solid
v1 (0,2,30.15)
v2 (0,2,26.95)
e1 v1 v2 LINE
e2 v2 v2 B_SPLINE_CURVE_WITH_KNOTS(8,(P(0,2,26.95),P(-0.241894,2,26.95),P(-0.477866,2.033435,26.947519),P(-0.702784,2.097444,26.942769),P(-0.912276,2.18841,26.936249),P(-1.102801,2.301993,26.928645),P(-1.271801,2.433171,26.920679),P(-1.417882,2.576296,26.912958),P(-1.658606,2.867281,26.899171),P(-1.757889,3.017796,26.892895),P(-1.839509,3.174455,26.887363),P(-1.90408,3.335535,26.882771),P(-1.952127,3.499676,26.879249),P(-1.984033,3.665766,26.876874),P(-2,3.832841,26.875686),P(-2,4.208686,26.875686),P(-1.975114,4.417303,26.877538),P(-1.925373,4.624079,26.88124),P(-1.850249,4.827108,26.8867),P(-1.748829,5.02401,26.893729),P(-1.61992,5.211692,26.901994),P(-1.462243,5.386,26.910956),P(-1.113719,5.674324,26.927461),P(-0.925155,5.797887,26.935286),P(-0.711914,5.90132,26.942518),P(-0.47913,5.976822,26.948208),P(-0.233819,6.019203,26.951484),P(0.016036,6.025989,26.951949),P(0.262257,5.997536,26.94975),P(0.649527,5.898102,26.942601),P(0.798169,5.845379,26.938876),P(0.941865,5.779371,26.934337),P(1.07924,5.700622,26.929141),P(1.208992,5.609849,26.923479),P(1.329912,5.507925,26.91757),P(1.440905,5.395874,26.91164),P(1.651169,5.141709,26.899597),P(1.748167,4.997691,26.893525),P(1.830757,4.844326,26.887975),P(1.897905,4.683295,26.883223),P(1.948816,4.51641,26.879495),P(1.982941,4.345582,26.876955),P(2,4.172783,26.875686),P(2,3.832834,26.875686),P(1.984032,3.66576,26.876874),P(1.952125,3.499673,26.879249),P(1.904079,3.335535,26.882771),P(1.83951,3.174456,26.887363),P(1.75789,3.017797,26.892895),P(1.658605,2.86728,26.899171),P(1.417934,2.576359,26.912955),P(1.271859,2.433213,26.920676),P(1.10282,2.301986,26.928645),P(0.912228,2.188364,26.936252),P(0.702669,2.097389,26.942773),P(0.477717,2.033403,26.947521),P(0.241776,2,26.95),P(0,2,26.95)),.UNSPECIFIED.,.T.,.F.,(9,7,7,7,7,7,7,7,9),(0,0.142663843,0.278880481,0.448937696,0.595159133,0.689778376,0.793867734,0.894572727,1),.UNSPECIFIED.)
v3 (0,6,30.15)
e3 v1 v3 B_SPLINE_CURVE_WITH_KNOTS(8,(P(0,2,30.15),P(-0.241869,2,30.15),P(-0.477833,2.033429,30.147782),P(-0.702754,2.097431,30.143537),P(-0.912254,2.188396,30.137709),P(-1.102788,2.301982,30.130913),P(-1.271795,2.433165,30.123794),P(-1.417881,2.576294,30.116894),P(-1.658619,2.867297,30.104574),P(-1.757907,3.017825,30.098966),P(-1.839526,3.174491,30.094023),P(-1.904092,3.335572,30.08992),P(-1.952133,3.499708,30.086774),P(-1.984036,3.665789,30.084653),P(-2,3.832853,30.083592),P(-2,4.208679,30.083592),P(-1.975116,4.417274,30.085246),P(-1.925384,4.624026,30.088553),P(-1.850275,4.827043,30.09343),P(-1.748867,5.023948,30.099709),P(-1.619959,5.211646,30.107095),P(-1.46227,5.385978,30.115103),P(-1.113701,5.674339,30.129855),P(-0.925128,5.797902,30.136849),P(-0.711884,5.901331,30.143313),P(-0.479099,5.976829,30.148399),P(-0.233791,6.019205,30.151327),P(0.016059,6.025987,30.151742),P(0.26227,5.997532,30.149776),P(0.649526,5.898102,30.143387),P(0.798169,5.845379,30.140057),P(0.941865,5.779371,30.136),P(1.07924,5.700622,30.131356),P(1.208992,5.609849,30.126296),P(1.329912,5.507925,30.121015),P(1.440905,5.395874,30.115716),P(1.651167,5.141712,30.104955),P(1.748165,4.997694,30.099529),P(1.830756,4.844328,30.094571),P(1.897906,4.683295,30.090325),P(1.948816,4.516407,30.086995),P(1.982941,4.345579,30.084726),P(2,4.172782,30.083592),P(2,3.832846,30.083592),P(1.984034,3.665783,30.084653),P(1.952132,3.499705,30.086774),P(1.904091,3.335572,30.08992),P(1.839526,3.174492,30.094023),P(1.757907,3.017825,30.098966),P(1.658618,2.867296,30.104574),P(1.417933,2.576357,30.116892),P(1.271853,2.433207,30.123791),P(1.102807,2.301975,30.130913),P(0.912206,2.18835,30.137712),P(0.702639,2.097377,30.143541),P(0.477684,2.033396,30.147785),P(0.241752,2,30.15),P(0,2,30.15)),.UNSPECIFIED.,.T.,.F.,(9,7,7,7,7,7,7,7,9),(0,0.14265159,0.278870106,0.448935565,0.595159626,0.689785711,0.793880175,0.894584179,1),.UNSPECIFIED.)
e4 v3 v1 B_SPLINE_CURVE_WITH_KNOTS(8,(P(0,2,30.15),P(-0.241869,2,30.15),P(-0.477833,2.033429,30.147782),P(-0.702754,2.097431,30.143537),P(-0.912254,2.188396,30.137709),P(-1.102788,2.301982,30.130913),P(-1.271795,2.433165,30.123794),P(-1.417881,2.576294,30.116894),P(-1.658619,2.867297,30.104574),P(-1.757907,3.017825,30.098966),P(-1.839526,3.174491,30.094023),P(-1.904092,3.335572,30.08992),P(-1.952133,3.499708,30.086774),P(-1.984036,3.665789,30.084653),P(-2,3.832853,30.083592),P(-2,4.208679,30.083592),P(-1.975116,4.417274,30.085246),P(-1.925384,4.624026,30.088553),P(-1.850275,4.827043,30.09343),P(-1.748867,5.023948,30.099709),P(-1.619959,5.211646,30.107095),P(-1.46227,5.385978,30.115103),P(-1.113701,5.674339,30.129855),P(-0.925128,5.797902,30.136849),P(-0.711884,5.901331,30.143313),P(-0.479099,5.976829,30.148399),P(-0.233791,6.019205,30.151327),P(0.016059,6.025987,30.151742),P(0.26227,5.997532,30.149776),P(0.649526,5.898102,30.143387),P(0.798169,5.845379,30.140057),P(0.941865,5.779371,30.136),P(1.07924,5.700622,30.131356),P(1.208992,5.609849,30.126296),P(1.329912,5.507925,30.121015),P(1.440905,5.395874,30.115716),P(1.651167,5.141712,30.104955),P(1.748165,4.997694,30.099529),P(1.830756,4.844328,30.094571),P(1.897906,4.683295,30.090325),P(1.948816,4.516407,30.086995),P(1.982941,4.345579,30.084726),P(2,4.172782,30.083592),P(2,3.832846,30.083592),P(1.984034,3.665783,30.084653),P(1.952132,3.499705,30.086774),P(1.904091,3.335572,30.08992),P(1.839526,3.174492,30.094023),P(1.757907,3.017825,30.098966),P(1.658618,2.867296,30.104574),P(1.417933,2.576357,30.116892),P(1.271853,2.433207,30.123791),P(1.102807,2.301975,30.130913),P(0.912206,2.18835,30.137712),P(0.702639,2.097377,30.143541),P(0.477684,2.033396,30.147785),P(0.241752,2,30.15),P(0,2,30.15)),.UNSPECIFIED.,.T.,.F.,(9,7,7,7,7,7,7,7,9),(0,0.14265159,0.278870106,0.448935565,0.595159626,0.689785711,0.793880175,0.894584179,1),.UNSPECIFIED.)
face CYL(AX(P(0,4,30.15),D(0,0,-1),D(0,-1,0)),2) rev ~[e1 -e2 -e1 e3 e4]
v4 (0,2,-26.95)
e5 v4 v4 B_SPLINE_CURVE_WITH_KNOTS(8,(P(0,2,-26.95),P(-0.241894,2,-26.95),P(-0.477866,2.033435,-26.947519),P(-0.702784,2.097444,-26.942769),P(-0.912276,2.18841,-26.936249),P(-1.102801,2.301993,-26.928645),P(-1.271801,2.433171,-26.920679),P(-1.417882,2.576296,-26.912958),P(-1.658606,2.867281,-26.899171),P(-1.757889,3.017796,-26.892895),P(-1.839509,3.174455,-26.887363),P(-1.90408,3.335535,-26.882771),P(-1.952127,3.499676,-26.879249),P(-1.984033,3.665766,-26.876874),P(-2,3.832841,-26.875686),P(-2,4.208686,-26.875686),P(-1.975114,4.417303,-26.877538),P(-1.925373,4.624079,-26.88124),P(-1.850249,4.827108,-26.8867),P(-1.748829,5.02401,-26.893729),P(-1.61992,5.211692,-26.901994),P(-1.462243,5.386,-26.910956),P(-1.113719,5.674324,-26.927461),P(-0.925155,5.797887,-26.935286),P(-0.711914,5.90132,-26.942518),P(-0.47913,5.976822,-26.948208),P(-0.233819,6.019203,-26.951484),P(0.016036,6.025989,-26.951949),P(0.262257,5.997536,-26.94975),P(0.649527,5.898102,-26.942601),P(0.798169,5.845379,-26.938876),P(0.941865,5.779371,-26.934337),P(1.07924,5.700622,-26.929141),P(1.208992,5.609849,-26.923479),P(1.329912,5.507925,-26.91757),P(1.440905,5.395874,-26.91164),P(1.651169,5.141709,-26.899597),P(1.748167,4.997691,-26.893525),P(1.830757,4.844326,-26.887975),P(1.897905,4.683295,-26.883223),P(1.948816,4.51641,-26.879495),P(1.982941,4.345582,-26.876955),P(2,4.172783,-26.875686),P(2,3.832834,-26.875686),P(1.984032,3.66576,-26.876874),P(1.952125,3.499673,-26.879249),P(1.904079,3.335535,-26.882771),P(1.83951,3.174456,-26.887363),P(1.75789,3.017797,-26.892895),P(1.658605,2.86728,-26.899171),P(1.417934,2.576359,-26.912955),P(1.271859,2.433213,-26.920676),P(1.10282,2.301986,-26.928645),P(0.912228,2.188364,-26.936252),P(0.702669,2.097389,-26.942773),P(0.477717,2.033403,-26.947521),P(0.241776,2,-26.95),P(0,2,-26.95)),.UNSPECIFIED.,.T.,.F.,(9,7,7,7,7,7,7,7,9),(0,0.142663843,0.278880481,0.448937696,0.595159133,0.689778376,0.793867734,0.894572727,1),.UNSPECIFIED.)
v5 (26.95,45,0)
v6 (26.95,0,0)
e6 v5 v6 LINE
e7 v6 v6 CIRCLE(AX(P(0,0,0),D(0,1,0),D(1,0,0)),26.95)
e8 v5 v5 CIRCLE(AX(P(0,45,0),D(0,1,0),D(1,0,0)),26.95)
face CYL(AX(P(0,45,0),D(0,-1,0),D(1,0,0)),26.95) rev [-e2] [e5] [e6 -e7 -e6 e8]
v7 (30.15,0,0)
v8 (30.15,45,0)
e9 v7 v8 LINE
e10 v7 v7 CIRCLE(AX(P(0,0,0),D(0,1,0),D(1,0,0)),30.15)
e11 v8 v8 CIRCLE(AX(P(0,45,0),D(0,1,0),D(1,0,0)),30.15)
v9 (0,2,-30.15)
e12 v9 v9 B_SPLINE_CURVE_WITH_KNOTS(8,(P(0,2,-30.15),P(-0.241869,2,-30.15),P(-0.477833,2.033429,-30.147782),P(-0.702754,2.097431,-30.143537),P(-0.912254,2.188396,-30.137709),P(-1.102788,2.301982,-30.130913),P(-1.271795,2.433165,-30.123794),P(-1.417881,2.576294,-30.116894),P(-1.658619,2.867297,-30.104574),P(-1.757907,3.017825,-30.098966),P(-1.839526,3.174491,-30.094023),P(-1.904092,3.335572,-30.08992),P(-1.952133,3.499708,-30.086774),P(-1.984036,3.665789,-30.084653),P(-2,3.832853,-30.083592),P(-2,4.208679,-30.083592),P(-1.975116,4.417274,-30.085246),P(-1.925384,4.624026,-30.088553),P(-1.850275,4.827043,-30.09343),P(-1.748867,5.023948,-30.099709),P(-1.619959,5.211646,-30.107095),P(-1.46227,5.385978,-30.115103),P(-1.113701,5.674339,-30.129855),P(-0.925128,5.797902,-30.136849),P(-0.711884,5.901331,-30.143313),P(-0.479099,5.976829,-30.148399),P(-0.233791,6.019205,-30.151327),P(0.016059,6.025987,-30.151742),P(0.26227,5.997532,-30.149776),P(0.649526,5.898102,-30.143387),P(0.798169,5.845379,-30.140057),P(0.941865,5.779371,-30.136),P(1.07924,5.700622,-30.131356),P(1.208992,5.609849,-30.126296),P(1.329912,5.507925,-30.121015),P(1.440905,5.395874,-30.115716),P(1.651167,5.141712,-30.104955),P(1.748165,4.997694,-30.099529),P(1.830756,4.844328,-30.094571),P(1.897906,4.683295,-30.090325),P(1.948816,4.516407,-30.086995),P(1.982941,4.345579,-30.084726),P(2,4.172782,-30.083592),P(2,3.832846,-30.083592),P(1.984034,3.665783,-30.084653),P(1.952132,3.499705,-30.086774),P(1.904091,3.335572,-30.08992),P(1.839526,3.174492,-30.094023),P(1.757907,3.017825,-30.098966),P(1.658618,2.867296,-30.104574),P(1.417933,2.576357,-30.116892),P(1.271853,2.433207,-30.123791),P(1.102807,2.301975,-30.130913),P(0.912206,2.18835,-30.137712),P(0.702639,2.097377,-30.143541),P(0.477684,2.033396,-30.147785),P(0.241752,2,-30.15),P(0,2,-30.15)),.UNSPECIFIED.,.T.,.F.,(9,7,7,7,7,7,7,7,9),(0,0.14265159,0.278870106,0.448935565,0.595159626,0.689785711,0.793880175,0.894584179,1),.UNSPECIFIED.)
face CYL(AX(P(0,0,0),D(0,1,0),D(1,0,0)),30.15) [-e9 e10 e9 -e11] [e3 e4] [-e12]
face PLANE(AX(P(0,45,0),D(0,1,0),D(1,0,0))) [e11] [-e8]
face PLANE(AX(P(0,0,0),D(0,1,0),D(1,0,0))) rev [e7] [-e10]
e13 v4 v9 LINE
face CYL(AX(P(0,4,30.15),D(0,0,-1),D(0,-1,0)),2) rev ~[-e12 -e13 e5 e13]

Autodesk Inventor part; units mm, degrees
ref_plane "YZ Plane" through (0, 0, 0) normal (1, 0, 0) x (0, 1, 0)
ref_plane "XZ Plane" through (0, 0, 0) normal (0, 1, 0) x (-1, 0, 0)
sketch "Firs" plane through (0, 0, 0) normal (0, 0, 1) x (1, 0, 0)
  line L0 (30.15, 45) -> (26.95, 45)
  line L1 (26.95, 45) -> (26.95, 0)
  line L2 (26.95, 0) -> (30.15, 0)
  line L3 (30.15, 0) -> (30.15, 45)
  line L4 (-6.03, 0) -> (36.18, 0) projected
  line L5 (0, -9) -> (0, 54) projected
  point P0 (0, 0)
  dimension "d0" = 30.15
  dimension "d1" = 3.2
  dimension "d3" = 45
revolve "Obrót1" add sketch "Firs" angle 360 about axis through (0, -10, 0) along (0, 1, 0)
ref_plane "Płaszczyzna konstrukcyjna1" through (0, 22.5, 30.15) normal (0, 0, 1) x (1, 0, 0)
sketch "Szkic2" plane through (0, 22.5, 30.15) normal (0, 0, 1) x (1, 0, 0)
  line L0 (0, -31.5) -> (0, 31.5) projected
  line L1 (30.15, -22.5) -> (-30.15, -22.5) projected
  point P0 (0, -22.5)
  point P1 (0, -18.5)
  dimension "d11" = 4
hole "Otwór1" at (0, 4, 30.15) direction (0, 0, -1) diameter 4 end through all
equation "\"d0\" = stator_r_out"
equation "\"d1\" = stator_out_d"
equation "\"d3\" = stator_h"
equation "\"d11\" = stator_radial_screw_pos"
equation "\"stator_r_out\" = 30.15"
equation "\"stator_out_d\" = 3.2"
equation "\"stator_h\" = 45"
equation "\"mag_size_x\" = 7"
equation "\"mag_size_y\" = 3"
equation "\"mag_corner_r\" = 0.4"
equation "\"magnet_ring_r\" = 26.95"
equation "\"magnet_ring_d\" = 3.3"
equation "\"magnet_ring_pocket_mag_size_y\" = 3.1"
equation "\"magnet_ring_pocket_mag_size_x\" = 7.1"
equation "\"magnet_ring_pocket_mag_size_z\" = 10.1"
equation "\"magnet_ring_mag_count\" = 16"
equation "\"magnet_ring_h\" = 36"
equation "\"magnet_ring_pocket_radial_cut\" = 1.4"
equation "\"casing_d\" = 3"
equation "\"casing_r_in\" = 30.15"
equation "\"rotor_core_r\" = 14.97"
equation "\"coil_groove_ang\" = 18"
equation "\"rotor_out_r\" = 22.5"
equation "\"rotor_coil_groove_in_r\" = 17"
equation "\"rotor_coil_groove_ang\" = 18deg"
equation "\"rotor_coil_groove_in_correction_r\" = 18"
equation "\"rotor_plastic_h\" = 32"
equation "\"rotor_teeth_d\" = 1.5"
equation "\"shaft_d\" = 8"
equation "\"insert25m_d\" = 2.9"
equation "\"insert25m_corner\" = 0.5"
equation "\"insert25m_h\" = 7"
equation "\"rotor_plastic_insert_r\" = 37"
equation "\"shaft_lock_1_d\" = 8.1"
equation "\"shaf_lock_1_D\" = 32"
equation "\"shaft_lock_1_D\" = 44"
equation "\"shaft_lock_1_h1\" = 3.5"
equation "\"shaft_lock_1_insert_part_h\" = 8"
equation "\"shaft_lock_1_corner\" = 2"
equation "\"shaft_lock_1_insert_part_a\" = 18"
equation "\"shaft_lock_2_h1\" = 3.5"
equation "\"shaft_lock_2_d\" = 8.1"
equation "\"shaft_lock_2_insert_part_a\" = 18"
equation "\"shaft_lock_2_D\" = 44"
equation "\"shaft_lock_2_corner\" = 2"
equation "\"shaft_lock_2_insert_part_h\" = 7"
equation "\"shaft_lock_2_rotor_insert_grove_d_in\" = 36"
equation "\"shaft_lock_2_rotor_insert_grove_width_out\" = 5.5"
equation "\"shaft_lock_2_rotor_insert_grove_width_in\" = 7.6"
equation "\"shaft_lock_2_rotor_insert_r\" = 37"
equation "\"shaft_lock_2_rotor_insert_screw_d\" = 2.6"
equation "\"insert25m_pocket_d\" = 2.6"
equation "\"insert25m_pocket_D\" = 4.5"
equation "\"insert25m_pocket_nut_h\" = 1.5"
equation "\"insert_m2_pocket_d\" = 2.6"
equation "\"insert_m2_h\" = 7"
equation "\"insert_m2_d\" = 2.9"
equation "\"insert_m2_corner\" = 0.5"
equation "\"insert_m2_pocket_D\" = 4.5"
equation "\"insert_m2_pocket_nut_h\" = 1.5"
equation "\"shaft_lock_1_insert_part_corner\" = 6"
equation "\"shaft_lock_1_insert_part_pos\" = 4"
equation "\"shaft_lock_1_rotor_insert_grove_width_in\" = 7.6"
equation "\"shaft_lock_1_rotor_insert_r\" = 37"
equation "\"shaft_lock_1_rotor_insert_grove_d_in\" = 36"
equation "\"shaft_lock_1_rotor_insert_grove_width_out\" = 5.5"
equation "\"shaft_lock_1_shaft_insert_axial_cut_out_width\" = 12"
equation "\"shaft_lock_1_shaft_insert_axial_cut_in_width\" = 5.4"
equation "\"shaft_lock_1_shaft_insert_corner\" = 2"
equation "\"shaft_lock_1_shaft_insert_corner_finish\" = 0.5"
equation "\"shaft_lock_1_shaft_insert_pos\" = 2.5"
equation "\"shaft_lock_2_shaft_insert_corner\" = 2"
equation "\"shaft_lock_2_shaft_insert_pos\" = 2.5"
equation "\"shaft_lock_2_shaft_insert_axial_cut_in_width\" = 5.4"
equation "\"shaft_lock_2_shaft_insert_axial_cut_out_width\" = 12"
equation "\"shaft_lock_2_shaft_insert_corner_finish\" = 0.5"
equation "\"commutator_plate_D\" = 22"
equation "\"commutator_plastic_d\" = 1"
equation "\"commutator_plastic_h\" = 17"
equation "\"commutator_plate_ang\" = 55deg"
equation "\"commutator_plate_d\" = 1"
equation "\"commutator_plate_h\" = 17"
equation "\"commutator_plastic_shaft_d\" = 8.1"
equation "\"commutator_plastic_insert_cut_deepness\" = 0.5"
equation "\"commutator_plastic_insert_cut_length\" = 6"
equation "\"commutator_plastic_insert_pos\" = 3"
equation "\"commutator_plate_insert_pos\" = 3"
equation "\"casing_lock_hole_r\" = 14.25"
equation "\"casing_lock_h\" = 8"
equation "\"casing_stator_fix_r\" = 23"
equation "\"casing_stator_fix_h\" = 6"
equation "\"magnet_ring_insert_part_lengthen\" = 8"
equation "\"casing_sidebar_length\" = 3"
equation "\"casing_vent_hole_length\" = 4"
equation "\"casing_vent_hole_width\" = 6"
equation "\"sleeve_cup_r\" = 22"
equation "\"sleeve_cup_h\" = 4.5"
equation "\"sleeve_h\" = 7"
equation "\"sleeve_d\" = 3"
equation "\"sleeve_in_r\" = 11.1"
equation "\"casing_head_insert_r\" = 19"
equation "\"sleeve_head_insert_r\" = 19"
equation "\"magnet_ring_insert_part_radius_cut\" = 0.17"
equation "\"magnet_ring_insert_part_axial_flat_cut\" = 0.17"
equation "\"magnet_ring_insert_pos\" = 4"
equation "\"casing_radial_stator_insert_pos\" = 18.1"
equation "\"stator_radial_screw_d\" = 4"
equation "\"stator_radial_screw_pos\" = 4"
equation "\"rotor_sleeve_out_D\" = 10.5"
equation "\"rotor_sleeve_in_D\" = 8.15"
equation "\"rotor_sleeve_h\" = 32"
equation "\"carbon_brush_batt_h\" = 8"
equation "\"carbon_brush_batt_d\" = 4"
equation "\"brush_cart_outer_holder_width\" = 5.5"
equation "\"brush_cart_outer_holder_arc_r\" = 33.15"
equation "\"brush_cart_outer_holder_arc_pos\" = 1.5"
equation "\"casing_cart_hole_corner\" = 1"
equation "\"casing_cart_hole_width\" = 2.6"
equation "\"casing_cart_hole_ang\" = 90deg"
equation "\"brush_holder_batt_arc_r\" = 30.15"
equation "\"brush_holder_batt_width\" = 16"
equation "\"brush_holder_batt_insert_flat_depth\" = 6"
equation "\"brush_holder_batt_insert_flat_length\" = 6"
equation "\"brush_holder_batt_insert_flat_length_1\" = 2"
properties part number "stator_metal"
